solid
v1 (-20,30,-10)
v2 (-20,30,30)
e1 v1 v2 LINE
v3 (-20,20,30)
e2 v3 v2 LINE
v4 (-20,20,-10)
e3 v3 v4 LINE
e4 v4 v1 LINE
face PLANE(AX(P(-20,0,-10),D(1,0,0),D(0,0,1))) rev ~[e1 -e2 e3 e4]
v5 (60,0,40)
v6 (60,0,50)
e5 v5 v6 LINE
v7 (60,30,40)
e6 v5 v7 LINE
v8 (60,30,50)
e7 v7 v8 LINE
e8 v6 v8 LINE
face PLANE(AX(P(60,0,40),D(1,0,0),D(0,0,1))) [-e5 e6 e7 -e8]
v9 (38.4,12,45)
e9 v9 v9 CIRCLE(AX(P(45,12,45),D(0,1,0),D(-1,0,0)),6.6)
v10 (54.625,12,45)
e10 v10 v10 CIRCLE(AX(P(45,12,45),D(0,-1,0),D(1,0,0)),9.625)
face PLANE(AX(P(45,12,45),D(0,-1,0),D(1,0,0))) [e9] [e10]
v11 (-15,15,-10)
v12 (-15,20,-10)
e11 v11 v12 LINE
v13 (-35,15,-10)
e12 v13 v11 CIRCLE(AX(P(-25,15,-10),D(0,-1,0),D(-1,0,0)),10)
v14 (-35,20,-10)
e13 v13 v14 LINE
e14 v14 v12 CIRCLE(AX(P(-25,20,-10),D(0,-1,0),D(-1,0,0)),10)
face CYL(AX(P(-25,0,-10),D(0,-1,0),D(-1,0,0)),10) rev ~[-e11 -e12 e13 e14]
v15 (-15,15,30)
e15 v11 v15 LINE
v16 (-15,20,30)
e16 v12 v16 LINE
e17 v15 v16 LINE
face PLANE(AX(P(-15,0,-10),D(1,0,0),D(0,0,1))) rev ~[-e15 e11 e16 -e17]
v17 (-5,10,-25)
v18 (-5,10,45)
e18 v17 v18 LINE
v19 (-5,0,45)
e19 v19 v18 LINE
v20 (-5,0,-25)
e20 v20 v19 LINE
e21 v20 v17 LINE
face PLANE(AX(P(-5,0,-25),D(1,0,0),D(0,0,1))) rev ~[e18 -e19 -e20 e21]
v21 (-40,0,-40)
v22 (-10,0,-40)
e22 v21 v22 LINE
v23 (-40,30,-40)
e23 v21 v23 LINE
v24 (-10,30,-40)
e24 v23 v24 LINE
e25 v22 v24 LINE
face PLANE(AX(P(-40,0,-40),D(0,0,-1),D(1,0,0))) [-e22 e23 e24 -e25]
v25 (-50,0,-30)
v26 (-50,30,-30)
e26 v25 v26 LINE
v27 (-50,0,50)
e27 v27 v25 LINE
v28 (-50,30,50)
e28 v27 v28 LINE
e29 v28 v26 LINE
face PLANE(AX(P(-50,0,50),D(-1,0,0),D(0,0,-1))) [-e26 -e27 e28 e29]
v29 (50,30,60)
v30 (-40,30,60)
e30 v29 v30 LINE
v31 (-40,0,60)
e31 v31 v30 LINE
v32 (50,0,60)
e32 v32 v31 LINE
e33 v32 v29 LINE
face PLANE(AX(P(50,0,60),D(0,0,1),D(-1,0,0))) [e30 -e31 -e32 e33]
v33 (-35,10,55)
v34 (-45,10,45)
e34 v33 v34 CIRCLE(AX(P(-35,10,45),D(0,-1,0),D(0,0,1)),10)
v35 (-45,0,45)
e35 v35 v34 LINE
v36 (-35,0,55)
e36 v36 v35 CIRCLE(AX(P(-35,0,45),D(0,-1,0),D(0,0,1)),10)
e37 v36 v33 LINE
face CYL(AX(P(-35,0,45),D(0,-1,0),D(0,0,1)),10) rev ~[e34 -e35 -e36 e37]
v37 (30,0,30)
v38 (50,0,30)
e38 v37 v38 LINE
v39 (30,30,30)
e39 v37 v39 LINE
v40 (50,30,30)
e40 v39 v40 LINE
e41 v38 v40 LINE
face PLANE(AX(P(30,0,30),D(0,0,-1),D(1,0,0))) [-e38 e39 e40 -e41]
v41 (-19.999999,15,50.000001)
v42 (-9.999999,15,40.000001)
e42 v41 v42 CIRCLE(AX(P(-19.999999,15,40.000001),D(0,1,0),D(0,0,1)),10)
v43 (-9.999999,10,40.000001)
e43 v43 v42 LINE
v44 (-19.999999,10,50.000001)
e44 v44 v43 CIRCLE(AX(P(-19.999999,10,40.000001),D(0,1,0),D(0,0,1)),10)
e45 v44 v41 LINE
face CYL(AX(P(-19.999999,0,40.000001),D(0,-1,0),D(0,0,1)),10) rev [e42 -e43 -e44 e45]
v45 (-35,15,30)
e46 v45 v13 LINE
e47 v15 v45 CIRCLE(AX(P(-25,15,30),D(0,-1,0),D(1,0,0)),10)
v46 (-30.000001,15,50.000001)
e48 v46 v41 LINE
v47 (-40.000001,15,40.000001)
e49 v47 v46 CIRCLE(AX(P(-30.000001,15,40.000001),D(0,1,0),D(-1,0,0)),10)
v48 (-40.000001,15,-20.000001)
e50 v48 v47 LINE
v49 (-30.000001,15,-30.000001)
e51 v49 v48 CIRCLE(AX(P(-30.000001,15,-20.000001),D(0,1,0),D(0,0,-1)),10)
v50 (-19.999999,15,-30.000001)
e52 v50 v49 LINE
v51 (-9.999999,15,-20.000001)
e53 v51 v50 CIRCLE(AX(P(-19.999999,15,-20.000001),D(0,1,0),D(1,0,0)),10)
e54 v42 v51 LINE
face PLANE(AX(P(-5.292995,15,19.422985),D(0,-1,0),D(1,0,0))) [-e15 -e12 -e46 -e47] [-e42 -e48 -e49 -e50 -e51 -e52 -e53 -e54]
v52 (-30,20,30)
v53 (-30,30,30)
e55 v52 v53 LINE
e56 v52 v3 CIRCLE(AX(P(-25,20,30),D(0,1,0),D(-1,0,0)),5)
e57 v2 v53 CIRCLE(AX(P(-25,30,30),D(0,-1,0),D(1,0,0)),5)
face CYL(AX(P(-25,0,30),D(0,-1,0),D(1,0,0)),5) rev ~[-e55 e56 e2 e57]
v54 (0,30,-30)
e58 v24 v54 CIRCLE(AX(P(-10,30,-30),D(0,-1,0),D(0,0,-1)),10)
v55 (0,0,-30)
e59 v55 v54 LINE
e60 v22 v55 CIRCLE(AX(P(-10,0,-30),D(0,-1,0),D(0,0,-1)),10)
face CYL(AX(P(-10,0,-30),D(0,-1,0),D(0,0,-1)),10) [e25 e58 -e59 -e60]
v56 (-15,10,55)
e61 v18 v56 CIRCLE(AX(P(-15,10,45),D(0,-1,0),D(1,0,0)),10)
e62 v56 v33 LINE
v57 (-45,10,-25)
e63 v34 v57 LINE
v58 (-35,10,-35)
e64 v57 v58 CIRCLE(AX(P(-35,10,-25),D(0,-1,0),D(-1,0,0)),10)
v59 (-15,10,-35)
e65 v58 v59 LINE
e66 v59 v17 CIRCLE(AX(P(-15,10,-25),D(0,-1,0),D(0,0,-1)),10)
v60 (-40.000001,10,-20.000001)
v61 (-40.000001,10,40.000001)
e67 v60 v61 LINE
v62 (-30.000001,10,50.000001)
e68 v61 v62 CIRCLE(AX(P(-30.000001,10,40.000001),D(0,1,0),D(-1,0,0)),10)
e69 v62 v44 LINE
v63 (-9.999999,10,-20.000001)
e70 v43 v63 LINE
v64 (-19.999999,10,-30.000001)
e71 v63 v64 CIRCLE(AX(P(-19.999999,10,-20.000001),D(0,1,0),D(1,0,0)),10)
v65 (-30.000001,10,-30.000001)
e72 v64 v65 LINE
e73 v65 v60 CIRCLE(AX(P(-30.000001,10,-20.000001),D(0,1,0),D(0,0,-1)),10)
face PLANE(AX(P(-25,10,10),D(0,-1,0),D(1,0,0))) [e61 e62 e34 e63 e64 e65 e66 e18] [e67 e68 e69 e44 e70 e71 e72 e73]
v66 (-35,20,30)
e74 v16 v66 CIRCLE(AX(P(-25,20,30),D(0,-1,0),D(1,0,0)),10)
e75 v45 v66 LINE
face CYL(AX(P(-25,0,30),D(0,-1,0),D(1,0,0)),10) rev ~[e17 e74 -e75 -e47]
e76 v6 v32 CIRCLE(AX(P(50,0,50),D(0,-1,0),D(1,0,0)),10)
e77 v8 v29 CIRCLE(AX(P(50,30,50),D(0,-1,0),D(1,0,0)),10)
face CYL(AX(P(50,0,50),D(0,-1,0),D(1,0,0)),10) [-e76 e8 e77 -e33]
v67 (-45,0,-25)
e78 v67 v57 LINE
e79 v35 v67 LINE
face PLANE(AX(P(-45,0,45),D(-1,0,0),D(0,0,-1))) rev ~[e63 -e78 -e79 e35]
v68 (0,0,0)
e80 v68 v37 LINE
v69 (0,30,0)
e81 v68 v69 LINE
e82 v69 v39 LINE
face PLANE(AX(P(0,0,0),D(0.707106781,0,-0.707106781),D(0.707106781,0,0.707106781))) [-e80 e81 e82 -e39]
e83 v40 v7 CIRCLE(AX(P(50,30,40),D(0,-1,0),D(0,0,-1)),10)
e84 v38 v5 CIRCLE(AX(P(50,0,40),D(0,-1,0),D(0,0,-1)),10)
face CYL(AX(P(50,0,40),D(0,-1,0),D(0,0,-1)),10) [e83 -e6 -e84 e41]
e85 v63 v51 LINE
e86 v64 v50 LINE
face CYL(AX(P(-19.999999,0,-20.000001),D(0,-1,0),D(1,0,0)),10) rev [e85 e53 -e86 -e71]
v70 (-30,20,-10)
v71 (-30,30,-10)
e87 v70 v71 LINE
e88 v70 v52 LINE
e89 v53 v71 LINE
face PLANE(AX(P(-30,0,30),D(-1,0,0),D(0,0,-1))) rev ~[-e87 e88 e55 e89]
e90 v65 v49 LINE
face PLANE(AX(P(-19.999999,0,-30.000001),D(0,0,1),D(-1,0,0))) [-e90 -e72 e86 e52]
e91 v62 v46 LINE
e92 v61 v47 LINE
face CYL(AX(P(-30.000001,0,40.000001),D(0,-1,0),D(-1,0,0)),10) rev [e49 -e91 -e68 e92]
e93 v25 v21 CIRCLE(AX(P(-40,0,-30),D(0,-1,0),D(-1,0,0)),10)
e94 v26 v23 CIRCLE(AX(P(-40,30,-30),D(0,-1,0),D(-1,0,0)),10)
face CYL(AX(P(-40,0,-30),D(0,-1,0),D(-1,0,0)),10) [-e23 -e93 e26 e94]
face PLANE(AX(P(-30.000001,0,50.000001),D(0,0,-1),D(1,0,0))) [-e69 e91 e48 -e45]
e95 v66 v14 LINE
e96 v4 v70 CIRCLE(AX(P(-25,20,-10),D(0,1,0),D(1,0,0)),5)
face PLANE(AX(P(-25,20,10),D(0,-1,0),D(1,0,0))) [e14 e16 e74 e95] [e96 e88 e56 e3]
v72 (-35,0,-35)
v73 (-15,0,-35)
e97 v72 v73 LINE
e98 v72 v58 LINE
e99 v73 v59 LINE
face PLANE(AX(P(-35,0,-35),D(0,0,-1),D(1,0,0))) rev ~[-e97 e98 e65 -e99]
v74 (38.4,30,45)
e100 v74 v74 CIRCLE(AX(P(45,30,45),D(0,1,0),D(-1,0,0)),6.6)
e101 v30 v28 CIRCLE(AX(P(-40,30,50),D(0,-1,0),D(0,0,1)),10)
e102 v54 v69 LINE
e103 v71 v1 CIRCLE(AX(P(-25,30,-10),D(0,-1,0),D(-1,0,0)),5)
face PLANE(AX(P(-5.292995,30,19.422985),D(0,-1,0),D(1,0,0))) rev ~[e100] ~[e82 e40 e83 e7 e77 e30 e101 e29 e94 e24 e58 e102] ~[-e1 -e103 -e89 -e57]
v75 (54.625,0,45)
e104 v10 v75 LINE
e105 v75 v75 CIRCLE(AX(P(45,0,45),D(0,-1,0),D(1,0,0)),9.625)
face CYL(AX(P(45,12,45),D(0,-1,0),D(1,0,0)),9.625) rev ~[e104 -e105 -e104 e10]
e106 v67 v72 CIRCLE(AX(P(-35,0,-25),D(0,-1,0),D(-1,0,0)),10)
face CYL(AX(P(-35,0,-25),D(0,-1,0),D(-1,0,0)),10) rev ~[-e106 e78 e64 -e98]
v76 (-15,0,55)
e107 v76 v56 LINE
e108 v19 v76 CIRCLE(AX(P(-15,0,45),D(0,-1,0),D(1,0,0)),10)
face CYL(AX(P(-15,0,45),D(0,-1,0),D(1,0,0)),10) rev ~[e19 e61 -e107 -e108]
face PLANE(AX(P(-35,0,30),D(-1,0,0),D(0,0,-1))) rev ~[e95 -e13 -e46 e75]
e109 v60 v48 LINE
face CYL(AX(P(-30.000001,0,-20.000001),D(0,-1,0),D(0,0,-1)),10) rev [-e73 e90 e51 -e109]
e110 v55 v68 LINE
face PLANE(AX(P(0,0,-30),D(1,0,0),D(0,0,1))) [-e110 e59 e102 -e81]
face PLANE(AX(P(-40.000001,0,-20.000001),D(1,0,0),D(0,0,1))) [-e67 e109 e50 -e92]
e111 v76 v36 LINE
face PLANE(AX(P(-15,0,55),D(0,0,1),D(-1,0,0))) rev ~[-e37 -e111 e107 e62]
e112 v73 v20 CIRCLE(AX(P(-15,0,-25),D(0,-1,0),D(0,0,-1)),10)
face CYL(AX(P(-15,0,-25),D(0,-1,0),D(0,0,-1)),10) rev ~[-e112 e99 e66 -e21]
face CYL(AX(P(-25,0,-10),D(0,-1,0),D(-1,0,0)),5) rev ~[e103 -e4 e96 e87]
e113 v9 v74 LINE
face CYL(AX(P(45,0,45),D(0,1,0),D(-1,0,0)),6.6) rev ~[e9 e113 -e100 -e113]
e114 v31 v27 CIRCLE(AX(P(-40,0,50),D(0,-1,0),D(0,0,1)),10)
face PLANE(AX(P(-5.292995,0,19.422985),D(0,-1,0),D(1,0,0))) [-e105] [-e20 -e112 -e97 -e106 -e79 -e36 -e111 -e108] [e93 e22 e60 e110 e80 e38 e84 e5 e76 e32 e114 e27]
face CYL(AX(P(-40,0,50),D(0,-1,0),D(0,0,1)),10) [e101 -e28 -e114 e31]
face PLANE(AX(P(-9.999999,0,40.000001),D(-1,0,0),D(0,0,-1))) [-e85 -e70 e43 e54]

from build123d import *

# Parameters (mm, degrees)
F0_W           = 40
F0_H           = 90
F1_DEPTH       = 30
F3_DEPTH       = 20
F4_DEPTH       = 30
F5_D           = 13.2
F5_CBORE_D     = 19.25
F5_CBORE_DEPTH = 12
F6_DEPTH       = 10
F7_DEPTH       = 15


with BuildPart() as f1:
    # F0 (on Front) → F1 (new body)
    with BuildSketch(Plane.XZ):
        with BuildLine():
            Line((0, -30), (0, 0))
            Line((0, 0), (30, 30))
            Line((30, 30), (50, 30))
            ThreePointArc((50, 30), (57.0710678119, 32.9289321881), (60, 40))
            Line((60, 40), (60, 50))
            ThreePointArc((60, 50), (57.0710678119, 57.0710678119), (50, 60))
            Line((50, 60), (-40, 60))
            ThreePointArc((-40, 60), (-47.0710678119, 57.0710678119), (-50, 50))
            Line((-50, 50), (-50, -30))
            ThreePointArc((-50, -30), (-47.0710678119, -37.0710678119), (-40, -40))
            Line((-40, -40), (-10, -40))
            ThreePointArc((-10, -40), (-2.9289321881, -37.0710678119), (0, -30))
        make_face()
        with Locations((-25, 10)):
            Rectangle(F0_W, F0_H, mode=Mode.SUBTRACT)
        with Locations((-25, 10)):
            Rectangle(F0_W, F0_H)
    extrude(amount=-F1_DEPTH)

    # F2 (on face) → F3 (cut)
    with BuildSketch(Plane.XZ):
        with BuildLine():
            Line((-15, -10), (-15, 30))
            ThreePointArc((-15, 30), (-25, 40), (-35, 30))
            Line((-35, 30), (-35, -10))
            ThreePointArc((-35, -10), (-25, -20), (-15, -10))
        make_face()
        with BuildLine():
            ThreePointArc((-30, 30), (-25, 35), (-20, 30))
            Line((-20, 30), (-20, -10))
            ThreePointArc((-20, -10), (-25, -15), (-30, -10))
            Line((-30, -10), (-30, 30))
        make_face(mode=Mode.SUBTRACT)
    extrude(amount=-F3_DEPTH, mode=Mode.SUBTRACT)

    # F2 (on face) → F4 (cut)
    with BuildSketch(Plane.XZ):
        with BuildLine():
            Line((-20, -10), (-20, 30))
            ThreePointArc((-20, 30), (-25, 35), (-30, 30))
            Line((-30, 30), (-30, -10))
            ThreePointArc((-30, -10), (-25, -15), (-20, -10))
        make_face()
    extrude(amount=-F4_DEPTH, mode=Mode.SUBTRACT)

    # F5 (through all)
    with Locations(Plane.XZ):
        with Locations((45, 45)):
            CounterBoreHole(F5_D / 2, F5_CBORE_D / 2, F5_CBORE_DEPTH)

    # F2 (on face) → F6 (cut)
    with BuildSketch(Plane.XZ):
        with BuildLine():
            ThreePointArc((-35, 55), (-42.0710678119, 52.0710678119), (-45, 45))
            Line((-45, 45), (-45, -25))
            ThreePointArc((-45, -25), (-42.0710678119, -32.0710678119), (-35, -35))
            Line((-35, -35), (-15, -35))
            ThreePointArc((-15, -35), (-7.9289321881, -32.0710678119), (-5, -25))
            Line((-5, -25), (-5, 45))
            ThreePointArc((-5, 45), (-7.9289321881, 52.0710678119), (-15, 55))
            Line((-15, 55), (-35, 55))
        make_face()
        with BuildLine():
            Line((-30.0000007451, 50.0000007451), (-19.9999992549, 50.0000007451))
            ThreePointArc((-19.9999992549, 50.0000007451), (-12.9289314431, 47.0710685569), (-9.9999992549, 40.0000007451))
            Line((-9.9999992549, 40.0000007451), (-9.9999992549, -20.0000007451))
            ThreePointArc((-9.9999992549, -20.0000007451), (-12.9289314431, -27.0710685569), (-19.9999992549, -30.0000007451))
            Line((-19.9999992549, -30.0000007451), (-30.0000007451, -30.0000007451))
            ThreePointArc((-30.0000007451, -30.0000007451), (-37.0710685569, -27.0710685569), (-40.0000007451, -20.0000007451))
            Line((-40.0000007451, -20.0000007451), (-40.0000007451, 40.0000007451))
            ThreePointArc((-40.0000007451, 40.0000007451), (-37.0710685569, 47.0710685569), (-30.0000007451, 50.0000007451))
        make_face(mode=Mode.SUBTRACT)
    extrude(amount=-F6_DEPTH, mode=Mode.SUBTRACT)

    # F7 (cut): a face of the model
    f7_faces = [f1.faces().sort_by_distance(p)[0] for p in [
        (-36.4669162447, 0, -26.4669162447),
    ]]
    extrude(f7_faces, amount=-F7_DEPTH, mode=Mode.SUBTRACT)


solid = f1.part
